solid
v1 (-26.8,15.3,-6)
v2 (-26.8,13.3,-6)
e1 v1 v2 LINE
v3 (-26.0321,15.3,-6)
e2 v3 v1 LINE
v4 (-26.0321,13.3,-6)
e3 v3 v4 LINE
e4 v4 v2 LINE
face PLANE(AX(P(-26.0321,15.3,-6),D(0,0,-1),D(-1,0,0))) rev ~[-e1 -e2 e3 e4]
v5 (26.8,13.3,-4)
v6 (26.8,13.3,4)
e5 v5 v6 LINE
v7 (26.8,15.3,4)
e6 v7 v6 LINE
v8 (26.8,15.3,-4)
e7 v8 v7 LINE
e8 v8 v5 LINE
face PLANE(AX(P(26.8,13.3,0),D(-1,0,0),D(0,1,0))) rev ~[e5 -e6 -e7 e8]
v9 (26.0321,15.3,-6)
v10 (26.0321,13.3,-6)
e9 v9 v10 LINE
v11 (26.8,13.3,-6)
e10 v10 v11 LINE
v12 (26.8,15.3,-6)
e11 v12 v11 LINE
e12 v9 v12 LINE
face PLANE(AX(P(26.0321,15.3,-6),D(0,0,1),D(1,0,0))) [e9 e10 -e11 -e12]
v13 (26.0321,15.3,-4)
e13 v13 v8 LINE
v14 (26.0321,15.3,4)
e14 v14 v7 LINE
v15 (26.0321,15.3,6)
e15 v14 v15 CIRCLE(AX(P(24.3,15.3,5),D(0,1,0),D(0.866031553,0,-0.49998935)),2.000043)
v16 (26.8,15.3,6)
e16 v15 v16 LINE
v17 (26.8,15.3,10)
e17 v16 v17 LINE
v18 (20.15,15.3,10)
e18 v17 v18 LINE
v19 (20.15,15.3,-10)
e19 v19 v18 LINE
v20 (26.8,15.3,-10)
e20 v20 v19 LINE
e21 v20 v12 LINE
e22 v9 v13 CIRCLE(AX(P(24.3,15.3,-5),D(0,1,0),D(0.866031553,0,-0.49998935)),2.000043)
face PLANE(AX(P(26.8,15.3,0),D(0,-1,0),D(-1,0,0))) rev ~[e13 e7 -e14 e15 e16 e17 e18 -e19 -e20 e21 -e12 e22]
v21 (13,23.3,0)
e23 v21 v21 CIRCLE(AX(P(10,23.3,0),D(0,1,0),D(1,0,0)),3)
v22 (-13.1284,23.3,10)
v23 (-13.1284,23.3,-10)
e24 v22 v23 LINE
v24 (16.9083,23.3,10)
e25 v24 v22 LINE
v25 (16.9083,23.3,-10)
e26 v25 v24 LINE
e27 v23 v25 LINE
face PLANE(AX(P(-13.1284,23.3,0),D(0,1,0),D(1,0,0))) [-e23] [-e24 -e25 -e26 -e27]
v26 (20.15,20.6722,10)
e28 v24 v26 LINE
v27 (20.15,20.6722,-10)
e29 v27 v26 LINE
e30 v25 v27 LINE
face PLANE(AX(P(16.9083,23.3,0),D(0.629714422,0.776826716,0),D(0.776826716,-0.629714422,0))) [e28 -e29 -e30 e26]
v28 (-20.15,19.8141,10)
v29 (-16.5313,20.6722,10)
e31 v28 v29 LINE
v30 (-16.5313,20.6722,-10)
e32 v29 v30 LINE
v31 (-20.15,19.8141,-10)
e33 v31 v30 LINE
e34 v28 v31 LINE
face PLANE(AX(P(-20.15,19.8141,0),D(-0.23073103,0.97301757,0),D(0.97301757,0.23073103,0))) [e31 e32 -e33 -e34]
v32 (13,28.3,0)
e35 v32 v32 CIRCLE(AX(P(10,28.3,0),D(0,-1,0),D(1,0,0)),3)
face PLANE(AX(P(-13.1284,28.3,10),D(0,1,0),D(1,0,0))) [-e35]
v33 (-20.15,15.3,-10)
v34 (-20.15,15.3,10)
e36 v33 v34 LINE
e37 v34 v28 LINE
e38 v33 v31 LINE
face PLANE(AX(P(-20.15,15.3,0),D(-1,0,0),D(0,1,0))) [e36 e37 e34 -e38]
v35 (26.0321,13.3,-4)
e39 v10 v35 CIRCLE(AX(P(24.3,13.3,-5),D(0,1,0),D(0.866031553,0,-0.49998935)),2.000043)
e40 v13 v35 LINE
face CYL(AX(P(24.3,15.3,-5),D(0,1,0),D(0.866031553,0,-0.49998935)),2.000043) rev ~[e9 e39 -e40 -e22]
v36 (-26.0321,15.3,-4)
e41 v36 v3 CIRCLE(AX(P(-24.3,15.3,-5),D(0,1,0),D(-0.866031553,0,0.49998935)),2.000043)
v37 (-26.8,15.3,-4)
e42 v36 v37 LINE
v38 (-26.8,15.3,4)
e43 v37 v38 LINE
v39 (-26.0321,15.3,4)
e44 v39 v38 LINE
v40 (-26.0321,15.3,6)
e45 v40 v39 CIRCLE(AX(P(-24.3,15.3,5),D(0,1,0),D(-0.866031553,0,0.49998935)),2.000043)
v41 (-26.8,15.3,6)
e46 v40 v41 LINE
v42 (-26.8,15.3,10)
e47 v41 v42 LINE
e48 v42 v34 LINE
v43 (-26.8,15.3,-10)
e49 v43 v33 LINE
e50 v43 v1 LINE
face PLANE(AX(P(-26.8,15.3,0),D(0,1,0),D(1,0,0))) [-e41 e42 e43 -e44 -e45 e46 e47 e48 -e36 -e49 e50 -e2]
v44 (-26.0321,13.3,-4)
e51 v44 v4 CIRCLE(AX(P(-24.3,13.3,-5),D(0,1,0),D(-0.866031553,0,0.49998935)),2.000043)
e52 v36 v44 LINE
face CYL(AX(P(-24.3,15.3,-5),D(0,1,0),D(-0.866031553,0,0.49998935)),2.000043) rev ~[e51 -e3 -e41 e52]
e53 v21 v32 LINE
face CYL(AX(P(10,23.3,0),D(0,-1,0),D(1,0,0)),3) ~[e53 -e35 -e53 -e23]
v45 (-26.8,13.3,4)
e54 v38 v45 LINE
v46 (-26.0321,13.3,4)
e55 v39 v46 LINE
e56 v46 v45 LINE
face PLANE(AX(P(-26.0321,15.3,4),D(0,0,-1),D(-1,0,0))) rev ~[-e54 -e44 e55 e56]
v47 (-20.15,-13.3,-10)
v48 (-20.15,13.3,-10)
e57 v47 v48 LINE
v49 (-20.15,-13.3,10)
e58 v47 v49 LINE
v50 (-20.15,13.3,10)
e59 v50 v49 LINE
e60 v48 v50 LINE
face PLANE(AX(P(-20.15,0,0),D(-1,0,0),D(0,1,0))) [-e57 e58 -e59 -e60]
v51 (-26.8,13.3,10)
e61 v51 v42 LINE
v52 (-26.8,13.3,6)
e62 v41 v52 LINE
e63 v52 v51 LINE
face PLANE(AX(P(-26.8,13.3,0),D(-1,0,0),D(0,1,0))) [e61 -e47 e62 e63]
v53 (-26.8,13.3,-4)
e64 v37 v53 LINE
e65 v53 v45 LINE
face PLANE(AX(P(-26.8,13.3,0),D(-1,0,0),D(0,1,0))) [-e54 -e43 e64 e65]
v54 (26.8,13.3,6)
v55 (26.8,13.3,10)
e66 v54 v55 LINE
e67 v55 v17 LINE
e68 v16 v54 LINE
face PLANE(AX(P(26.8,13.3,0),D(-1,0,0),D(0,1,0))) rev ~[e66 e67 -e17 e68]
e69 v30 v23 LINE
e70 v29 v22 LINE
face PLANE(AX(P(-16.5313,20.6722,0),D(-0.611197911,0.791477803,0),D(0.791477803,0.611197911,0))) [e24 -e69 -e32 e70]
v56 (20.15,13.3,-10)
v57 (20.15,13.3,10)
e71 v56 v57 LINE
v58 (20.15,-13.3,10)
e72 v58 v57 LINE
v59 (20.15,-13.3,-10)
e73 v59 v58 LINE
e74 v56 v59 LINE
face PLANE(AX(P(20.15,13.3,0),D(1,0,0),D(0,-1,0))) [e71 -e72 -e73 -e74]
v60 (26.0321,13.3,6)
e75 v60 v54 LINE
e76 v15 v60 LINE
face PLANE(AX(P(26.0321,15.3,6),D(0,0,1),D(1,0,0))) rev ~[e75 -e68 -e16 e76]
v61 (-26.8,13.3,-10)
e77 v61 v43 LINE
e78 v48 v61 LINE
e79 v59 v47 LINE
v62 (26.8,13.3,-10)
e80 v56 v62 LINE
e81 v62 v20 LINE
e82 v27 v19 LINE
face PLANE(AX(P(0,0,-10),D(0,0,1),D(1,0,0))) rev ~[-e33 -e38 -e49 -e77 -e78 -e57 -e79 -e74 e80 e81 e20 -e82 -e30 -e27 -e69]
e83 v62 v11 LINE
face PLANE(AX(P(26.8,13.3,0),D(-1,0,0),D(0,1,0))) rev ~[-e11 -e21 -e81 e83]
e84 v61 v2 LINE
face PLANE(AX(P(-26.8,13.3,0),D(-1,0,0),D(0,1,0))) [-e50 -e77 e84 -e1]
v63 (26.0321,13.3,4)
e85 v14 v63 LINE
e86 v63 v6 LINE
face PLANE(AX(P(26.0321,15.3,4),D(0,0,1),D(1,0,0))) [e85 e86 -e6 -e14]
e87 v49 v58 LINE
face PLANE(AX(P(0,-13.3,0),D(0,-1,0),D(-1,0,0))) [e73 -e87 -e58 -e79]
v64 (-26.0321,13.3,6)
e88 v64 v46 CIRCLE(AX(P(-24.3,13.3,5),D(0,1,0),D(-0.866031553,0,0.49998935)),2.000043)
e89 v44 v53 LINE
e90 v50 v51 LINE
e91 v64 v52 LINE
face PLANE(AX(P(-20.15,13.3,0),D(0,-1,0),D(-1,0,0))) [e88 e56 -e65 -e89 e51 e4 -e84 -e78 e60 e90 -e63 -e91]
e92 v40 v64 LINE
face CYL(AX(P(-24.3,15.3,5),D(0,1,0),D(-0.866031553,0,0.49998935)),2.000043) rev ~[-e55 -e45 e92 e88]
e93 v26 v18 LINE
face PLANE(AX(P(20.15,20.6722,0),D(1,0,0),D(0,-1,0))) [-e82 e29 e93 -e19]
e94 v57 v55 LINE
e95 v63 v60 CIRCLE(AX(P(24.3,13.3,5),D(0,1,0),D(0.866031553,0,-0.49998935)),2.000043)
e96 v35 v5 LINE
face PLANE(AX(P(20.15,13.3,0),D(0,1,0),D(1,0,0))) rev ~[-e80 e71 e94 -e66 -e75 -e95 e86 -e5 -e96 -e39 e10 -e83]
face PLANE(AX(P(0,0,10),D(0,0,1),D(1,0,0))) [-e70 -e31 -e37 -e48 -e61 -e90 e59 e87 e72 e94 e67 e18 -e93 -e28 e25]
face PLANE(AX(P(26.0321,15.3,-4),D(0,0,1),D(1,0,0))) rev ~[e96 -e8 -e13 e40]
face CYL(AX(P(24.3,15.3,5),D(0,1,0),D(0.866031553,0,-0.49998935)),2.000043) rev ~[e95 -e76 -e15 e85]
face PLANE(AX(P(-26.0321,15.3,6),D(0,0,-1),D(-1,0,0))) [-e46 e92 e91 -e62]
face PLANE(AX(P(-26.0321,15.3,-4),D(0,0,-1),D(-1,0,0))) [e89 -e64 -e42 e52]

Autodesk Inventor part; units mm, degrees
ref_plane "YZ Plane" through (0, 0, 0) normal (1, 0, 0) x (0, 1, 0)
ref_plane "XZ Plane" through (0, 0, 0) normal (0, 1, 0) x (-1, 0, 0)
ref_plane "XY Plane" through (0, 0, 0) normal (0, 0, 1) x (1, 0, 0)
sketch "Skizze1" plane through (0, 0, 0) normal (0, 0, 1) x (1, 0, 0)
  line L0 (-20.15, 13.3) -> (20.15, 13.3)
  line L1 (20.15, 13.3) -> (20.15, -13.3)
  line L2 (20.15, -13.3) -> (-20.15, -13.3)
  line L3 (-20.15, -13.3) -> (-20.15, 13.3)
  line L4 (0, 30.62) -> (0, -20.62) projected
  line L5 (-37.52, 0) -> (37.52, 0) projected
  line L6 (-20.15, 13.3) -> (-20.15, 19.8141)
  line L7 (-13.1284, 23.3) -> (16.9083, 23.3)
  line L8 (20.15, 20.6722) -> (20.15, 13.3)
  line L9 (16.9083, 23.3) -> (20.15, 20.6722)
  line L10 (-20.15, 19.8141) -> (-16.5313, 20.6722)
  line L11 (-16.5313, 20.6722) -> (-13.1284, 23.3)
  line L12 (20.15, 13.3) -> (26.8, 13.3)
  line L13 (26.8, 13.3) -> (26.8, 15.3)
  line L14 (26.8, 15.3) -> (20.15, 15.3)
  line L15 (20.15, 15.3) -> (20.15, 13.3)
  line L16 (-20.15, 13.3) -> (-26.8, 13.3)
  line L17 (-26.8, 13.3) -> (-26.8, 15.3)
  line L18 (-26.8, 15.3) -> (-20.15, 15.3)
  line L19 (-20.15, 15.3) -> (-20.15, 13.3)
  line L20 (6, 23.3) -> (11, 23.3)
  point P0 (0, 0)
  dimension "d0" = 40.3
  dimension "d1" = 26.6
  dimension "d3" = 10
  dimension "d4" = 3.6187
  dimension "d5" = 3.4029
  dimension "d6" = 3.2417
  dimension "d7" = 103.34
  dimension "d8" = 142.325
  dimension "d9" = 140.972
  dimension "d10" = 6.65
  dimension "d11" = 2
  dimension "d12" = 6.65
  dimension "d13" = 2
extrude "Extrusion1" add sketch "Skizze1" along normal mid plane 20
sketch "Skizze2" plane through (-26.8, 15.3, 10) normal (0, 1, 0) x (1, 0, 0)
  line L0 (64.32, 10) -> (-10.72, 10) projected
  line L1 (26.8, 24) -> (26.8, -4) projected
  arc A0 (0.7679, 14) -> (0.7679, 16) centre (2.5, 15) ccw
  line L2 (0, 20) -> (0, 0) projected
  line L3 (0.7679, 16) -> (0, 16)
  line L4 (0, 20) -> (0, 0) projected
  line L5 (0.7679, 14) -> (0, 14)
  line L6 (0, 16) -> (0, 14)
  line L7 (2.5, 15) -> (0.8619, 15)
  arc A1 (0.7679, 4) -> (0.7679, 6) centre (2.5, 5) ccw
  line L8 (0.7679, 4) -> (0, 4)
  line L9 (0.7679, 6) -> (0, 6)
  line L10 (0, 4) -> (0, 6)
  line L11 (2.5, 5) -> (0.8619, 5)
  arc A2 (52.8321, 16) -> (52.8321, 14) centre (51.1, 15) ccw
  line L12 (52.8321, 16) -> (53.6, 16)
  line L13 (52.8321, 14) -> (53.6, 14)
  line L14 (53.6, 16) -> (53.6, 14)
  line L15 (51.1, 15) -> (52.7381, 15)
  arc A3 (52.8321, 6) -> (52.8321, 4) centre (51.1, 5) ccw
  line L16 (52.8321, 4) -> (53.6, 4)
  line L17 (52.8321, 6) -> (53.6, 6)
  line L18 (53.6, 4) -> (53.6, 6)
  line L19 (51.1, 5) -> (52.7381, 5)
  point P0 (26.8, 10)
  dimension "d19" = 4
  dimension "d21" = 5
  dimension "d23" = 2.5
  dimension "d25" = 2
extrude "Extrusion2" cut sketch "Skizze2" against normal up to surface (2 mm away)
sketch "Skizze3" plane through (-13.1284, 23.3, 10) normal (0, 1, 0) x (1, 0, 0)
  line L0 (13.1284, 24) -> (13.1284, -4) projected
  line L1 (-24.3916, 10) -> (50.6484, 10) projected
  circle A0 centre (23.1284, 10) radius 3
  point P0 (13.1284, 10)
  dimension "d28" = 6
  dimension "d29" = 10
extrude "Extrusion3" add sketch "Skizze3" along normal blind 5
properties part number "Servo"
